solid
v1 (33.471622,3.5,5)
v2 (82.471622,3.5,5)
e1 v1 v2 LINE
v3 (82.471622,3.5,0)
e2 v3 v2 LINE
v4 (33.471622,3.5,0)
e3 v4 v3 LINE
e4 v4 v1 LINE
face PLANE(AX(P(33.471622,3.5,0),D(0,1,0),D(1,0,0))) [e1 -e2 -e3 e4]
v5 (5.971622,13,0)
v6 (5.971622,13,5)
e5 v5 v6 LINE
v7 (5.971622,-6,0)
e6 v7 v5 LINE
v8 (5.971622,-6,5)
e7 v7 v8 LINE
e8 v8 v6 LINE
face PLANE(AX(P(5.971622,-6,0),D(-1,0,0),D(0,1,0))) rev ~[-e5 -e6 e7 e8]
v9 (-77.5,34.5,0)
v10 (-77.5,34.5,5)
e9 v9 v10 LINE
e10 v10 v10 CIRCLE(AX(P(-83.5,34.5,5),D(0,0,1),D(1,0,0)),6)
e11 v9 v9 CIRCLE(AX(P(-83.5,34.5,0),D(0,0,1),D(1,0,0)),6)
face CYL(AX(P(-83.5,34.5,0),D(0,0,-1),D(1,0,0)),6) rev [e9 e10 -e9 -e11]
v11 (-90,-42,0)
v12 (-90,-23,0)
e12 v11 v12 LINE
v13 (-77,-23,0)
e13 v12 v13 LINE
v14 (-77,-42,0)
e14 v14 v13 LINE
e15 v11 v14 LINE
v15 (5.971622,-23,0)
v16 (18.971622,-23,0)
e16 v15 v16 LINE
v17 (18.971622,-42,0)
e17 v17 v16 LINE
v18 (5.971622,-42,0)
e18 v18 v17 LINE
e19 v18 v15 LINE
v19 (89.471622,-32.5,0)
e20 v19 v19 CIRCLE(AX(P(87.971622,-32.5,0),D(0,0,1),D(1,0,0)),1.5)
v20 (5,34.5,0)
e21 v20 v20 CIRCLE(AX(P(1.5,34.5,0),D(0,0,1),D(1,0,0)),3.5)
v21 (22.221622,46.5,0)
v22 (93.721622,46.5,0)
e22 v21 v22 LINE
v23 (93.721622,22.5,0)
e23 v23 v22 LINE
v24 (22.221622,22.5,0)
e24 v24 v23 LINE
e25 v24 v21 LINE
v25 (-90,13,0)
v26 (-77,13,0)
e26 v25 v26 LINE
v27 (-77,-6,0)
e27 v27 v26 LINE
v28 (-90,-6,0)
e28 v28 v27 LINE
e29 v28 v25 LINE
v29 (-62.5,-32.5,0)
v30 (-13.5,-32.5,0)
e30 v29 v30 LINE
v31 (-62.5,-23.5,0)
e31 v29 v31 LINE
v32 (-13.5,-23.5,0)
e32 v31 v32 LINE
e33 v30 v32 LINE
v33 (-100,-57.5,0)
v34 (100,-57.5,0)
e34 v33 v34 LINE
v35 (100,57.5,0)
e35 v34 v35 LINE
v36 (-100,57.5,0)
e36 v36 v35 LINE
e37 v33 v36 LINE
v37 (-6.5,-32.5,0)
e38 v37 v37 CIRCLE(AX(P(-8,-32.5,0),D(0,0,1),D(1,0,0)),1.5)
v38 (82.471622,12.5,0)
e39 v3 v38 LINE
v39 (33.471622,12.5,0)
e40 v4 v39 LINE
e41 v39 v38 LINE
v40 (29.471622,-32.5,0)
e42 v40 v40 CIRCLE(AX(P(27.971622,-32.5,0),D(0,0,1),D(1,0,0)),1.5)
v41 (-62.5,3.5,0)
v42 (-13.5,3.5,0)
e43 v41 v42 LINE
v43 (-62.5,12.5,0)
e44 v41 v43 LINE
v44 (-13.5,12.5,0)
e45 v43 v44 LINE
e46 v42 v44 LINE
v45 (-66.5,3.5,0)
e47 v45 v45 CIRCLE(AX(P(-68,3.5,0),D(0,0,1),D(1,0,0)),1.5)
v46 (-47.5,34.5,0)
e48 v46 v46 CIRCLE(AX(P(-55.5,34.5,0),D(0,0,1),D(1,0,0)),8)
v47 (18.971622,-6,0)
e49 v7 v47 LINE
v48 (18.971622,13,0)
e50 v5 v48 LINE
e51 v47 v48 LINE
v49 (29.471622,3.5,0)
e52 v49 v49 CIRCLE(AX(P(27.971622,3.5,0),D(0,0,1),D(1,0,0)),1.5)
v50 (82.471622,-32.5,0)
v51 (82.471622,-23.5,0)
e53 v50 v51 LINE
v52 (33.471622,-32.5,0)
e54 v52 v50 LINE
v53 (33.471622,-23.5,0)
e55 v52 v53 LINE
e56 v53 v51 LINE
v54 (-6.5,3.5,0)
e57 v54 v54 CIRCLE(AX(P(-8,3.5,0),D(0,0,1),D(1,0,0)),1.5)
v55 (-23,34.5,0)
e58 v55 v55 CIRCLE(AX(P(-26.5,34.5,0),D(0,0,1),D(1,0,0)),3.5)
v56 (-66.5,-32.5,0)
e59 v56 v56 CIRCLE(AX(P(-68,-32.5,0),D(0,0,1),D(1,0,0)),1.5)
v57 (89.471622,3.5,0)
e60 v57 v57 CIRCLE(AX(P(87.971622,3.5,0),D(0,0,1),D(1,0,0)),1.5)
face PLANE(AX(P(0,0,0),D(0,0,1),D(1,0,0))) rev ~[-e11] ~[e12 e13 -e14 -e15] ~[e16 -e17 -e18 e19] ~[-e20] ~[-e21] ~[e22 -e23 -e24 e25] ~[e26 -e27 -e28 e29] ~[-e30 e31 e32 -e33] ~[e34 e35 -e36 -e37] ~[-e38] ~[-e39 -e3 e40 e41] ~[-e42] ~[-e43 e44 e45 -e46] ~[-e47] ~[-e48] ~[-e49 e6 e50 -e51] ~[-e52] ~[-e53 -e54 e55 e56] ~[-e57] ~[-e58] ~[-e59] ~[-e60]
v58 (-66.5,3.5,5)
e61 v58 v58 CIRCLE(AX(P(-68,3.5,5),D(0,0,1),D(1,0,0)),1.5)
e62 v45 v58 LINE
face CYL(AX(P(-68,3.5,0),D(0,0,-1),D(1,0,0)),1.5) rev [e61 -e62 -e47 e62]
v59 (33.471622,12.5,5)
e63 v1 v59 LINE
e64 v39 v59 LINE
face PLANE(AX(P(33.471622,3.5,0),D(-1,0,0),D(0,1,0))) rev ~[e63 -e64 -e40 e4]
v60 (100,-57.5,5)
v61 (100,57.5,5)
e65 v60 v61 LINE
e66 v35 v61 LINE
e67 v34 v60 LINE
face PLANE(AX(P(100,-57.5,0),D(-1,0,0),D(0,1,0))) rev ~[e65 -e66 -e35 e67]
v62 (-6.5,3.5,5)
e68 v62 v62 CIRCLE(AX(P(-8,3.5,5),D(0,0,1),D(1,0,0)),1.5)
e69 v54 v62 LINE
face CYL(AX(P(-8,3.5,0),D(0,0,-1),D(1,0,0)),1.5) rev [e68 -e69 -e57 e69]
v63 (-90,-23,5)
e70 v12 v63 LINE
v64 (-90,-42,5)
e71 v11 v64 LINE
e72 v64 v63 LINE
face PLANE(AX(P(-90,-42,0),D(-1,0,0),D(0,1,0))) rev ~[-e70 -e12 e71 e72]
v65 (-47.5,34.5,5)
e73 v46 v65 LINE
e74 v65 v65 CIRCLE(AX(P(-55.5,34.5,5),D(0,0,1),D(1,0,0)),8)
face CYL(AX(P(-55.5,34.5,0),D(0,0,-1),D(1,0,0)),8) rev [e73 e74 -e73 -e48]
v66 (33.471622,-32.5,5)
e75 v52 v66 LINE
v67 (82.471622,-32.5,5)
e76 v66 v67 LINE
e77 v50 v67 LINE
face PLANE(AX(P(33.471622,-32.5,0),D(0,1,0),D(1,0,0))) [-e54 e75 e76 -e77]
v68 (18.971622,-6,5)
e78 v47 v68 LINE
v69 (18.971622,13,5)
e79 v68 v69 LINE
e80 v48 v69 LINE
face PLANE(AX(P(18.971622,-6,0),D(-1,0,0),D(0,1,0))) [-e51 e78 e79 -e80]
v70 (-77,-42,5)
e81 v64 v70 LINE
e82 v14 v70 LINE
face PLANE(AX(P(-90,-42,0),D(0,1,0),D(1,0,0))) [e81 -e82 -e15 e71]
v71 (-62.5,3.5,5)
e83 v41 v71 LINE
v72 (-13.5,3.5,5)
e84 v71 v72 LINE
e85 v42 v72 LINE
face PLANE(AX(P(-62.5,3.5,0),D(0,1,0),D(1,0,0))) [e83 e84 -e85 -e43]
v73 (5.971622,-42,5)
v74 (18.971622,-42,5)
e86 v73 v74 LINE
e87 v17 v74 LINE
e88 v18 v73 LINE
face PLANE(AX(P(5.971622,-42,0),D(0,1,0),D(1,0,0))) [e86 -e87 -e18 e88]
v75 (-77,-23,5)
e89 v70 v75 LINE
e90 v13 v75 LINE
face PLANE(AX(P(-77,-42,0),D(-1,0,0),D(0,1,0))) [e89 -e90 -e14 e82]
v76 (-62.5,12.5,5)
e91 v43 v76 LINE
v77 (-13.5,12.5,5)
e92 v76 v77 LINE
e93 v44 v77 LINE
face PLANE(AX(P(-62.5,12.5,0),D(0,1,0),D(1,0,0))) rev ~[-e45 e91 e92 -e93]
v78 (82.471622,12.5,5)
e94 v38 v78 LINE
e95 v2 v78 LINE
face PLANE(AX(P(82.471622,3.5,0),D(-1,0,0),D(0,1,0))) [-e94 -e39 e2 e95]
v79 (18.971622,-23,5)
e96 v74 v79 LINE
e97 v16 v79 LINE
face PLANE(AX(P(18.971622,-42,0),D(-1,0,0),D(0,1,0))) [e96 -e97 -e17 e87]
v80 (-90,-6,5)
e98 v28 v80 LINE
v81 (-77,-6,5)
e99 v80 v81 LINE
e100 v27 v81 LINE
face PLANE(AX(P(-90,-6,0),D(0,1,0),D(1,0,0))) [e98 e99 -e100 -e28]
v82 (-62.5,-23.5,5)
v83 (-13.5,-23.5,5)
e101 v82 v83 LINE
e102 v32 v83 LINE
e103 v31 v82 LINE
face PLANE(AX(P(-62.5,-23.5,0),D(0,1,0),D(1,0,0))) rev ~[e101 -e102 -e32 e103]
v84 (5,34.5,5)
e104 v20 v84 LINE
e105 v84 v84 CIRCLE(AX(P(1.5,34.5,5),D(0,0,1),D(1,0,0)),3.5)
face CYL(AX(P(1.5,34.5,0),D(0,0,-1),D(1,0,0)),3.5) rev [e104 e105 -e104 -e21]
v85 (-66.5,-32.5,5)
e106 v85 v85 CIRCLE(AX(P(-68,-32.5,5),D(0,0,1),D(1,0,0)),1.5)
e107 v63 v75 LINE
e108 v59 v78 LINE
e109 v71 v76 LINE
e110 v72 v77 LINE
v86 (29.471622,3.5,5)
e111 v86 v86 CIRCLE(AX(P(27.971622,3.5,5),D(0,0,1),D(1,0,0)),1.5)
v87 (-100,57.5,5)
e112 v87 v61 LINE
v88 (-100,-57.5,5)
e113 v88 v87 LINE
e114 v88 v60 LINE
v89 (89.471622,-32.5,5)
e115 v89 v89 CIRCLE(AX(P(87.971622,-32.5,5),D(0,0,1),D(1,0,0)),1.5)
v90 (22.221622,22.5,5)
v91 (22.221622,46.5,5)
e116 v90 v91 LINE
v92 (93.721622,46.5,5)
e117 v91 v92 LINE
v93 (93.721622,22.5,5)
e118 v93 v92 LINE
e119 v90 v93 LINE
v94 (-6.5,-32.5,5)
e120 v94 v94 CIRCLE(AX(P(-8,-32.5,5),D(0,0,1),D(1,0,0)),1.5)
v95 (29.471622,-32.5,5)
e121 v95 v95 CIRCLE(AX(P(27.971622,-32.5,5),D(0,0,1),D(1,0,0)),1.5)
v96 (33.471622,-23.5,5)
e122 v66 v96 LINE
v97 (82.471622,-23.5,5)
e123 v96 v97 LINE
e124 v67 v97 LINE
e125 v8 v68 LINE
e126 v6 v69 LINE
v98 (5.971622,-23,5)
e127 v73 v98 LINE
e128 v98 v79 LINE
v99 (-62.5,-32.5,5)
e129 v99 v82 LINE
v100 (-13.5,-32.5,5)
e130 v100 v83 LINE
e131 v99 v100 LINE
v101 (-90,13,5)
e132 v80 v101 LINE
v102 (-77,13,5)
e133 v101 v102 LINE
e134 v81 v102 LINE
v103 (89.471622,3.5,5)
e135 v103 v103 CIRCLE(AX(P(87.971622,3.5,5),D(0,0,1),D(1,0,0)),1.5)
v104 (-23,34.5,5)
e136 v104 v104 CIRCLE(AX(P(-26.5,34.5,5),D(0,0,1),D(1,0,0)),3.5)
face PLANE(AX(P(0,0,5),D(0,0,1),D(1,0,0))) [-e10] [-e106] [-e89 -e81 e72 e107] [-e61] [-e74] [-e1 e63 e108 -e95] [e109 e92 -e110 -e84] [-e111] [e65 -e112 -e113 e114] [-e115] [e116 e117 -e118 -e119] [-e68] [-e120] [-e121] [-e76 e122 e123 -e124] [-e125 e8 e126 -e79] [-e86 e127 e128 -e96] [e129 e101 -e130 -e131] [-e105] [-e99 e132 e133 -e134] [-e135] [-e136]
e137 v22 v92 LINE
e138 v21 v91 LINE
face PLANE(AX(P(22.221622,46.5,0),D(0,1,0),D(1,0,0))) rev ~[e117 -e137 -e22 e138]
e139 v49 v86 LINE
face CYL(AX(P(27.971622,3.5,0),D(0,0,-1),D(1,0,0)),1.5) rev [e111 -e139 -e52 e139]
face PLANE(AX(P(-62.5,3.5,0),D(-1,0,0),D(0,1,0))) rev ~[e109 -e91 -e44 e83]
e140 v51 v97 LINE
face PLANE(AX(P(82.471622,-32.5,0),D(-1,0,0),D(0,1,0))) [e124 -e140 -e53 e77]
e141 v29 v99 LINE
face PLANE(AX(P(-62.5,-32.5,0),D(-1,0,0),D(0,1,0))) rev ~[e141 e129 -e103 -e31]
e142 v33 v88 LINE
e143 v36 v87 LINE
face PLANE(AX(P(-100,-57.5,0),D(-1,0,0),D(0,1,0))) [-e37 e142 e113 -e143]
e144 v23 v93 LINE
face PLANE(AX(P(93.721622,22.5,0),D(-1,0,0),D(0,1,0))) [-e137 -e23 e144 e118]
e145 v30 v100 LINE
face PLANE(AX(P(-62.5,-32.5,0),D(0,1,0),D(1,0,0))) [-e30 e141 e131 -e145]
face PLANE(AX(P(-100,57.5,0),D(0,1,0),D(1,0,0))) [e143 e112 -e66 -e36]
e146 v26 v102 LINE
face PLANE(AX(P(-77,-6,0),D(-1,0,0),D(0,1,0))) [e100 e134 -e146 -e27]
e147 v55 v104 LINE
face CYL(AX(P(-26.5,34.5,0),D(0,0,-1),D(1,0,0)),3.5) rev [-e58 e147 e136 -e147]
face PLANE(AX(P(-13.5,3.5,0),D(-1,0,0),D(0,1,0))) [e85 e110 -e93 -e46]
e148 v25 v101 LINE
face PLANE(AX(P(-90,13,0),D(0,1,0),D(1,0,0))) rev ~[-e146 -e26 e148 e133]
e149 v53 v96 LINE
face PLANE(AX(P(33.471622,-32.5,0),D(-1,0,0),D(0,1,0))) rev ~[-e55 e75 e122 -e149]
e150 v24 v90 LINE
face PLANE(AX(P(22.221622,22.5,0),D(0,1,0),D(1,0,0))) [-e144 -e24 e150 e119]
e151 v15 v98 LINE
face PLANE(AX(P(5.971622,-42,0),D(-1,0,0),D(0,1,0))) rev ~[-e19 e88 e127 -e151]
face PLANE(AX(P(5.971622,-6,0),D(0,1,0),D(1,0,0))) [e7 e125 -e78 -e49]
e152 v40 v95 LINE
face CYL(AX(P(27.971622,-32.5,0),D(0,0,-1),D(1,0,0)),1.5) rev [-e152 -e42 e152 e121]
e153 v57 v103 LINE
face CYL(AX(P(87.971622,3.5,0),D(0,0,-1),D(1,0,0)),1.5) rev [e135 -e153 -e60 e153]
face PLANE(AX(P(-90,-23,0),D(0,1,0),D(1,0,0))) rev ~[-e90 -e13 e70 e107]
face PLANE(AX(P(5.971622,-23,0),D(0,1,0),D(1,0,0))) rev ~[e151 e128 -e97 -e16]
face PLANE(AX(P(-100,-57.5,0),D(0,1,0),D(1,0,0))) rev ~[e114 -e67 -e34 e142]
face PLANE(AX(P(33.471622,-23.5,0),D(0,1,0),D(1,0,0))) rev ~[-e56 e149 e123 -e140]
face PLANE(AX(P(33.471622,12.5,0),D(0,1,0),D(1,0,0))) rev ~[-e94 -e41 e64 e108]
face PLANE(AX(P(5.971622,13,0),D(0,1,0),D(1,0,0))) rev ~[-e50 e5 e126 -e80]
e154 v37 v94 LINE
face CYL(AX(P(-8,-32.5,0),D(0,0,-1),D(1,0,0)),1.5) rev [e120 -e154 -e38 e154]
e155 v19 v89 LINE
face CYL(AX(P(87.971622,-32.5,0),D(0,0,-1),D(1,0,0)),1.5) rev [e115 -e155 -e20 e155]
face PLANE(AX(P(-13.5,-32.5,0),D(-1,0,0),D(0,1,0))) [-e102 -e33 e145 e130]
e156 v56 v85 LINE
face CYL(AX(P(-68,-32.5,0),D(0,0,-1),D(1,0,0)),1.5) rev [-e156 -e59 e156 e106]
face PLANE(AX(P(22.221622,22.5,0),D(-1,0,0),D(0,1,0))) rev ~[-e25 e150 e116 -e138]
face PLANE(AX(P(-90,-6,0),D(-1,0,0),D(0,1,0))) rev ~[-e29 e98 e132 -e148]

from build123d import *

# Parameters (mm, degrees)
SKETCH1_W           = 200
SKETCH1_H           = 115
SKETCH1_R           = 1.5
SKETCH1_R_2         = 6
SKETCH1_R_3         = 8
SKETCH1_R_4         = 3.5
SKETCH1_W_2         = 49
SKETCH1_H_2         = 9
SKETCH1_W_3         = 13
SKETCH1_H_3         = 19
SKETCH1_W_4         = 71.5
SKETCH1_H_4         = 24
BOSS_EXTRUDE1_DEPTH = 5


with BuildPart() as part:
    # Sketch1 → Boss-Extrude1 (new body)
    with BuildSketch(Plane.XY):
        Rectangle(SKETCH1_W, SKETCH1_H)
        with Locations((-68, -32.5)):
            Circle(SKETCH1_R, mode=Mode.SUBTRACT)
        with Locations((-8, -32.5)):
            Circle(SKETCH1_R, mode=Mode.SUBTRACT)
        with Locations((87.971622358, -32.5)):
            Circle(SKETCH1_R, mode=Mode.SUBTRACT)
        with Locations((27.971622358, -32.5)):
            Circle(SKETCH1_R, mode=Mode.SUBTRACT)
        with Locations((87.971622358, 3.5)):
            Circle(SKETCH1_R, mode=Mode.SUBTRACT)
        with Locations((27.971622358, 3.5)):
            Circle(SKETCH1_R, mode=Mode.SUBTRACT)
        with Locations((-8, 3.5)):
            Circle(SKETCH1_R, mode=Mode.SUBTRACT)
        with Locations((-68, 3.5)):
            Circle(SKETCH1_R, mode=Mode.SUBTRACT)
        with Locations((-83.5, 34.5)):
            Circle(SKETCH1_R_2, mode=Mode.SUBTRACT)
        with Locations((-55.5, 34.5)):
            Circle(SKETCH1_R_3, mode=Mode.SUBTRACT)
        with Locations((1.5, 34.5)):
            Circle(SKETCH1_R_4, mode=Mode.SUBTRACT)
        with Locations((-26.5, 34.5)):
            Circle(SKETCH1_R_4, mode=Mode.SUBTRACT)
        with Locations((-38, -28)):
            Rectangle(SKETCH1_W_2, SKETCH1_H_2, mode=Mode.SUBTRACT)
        with Locations((-83.5, -32.5)):
            Rectangle(SKETCH1_W_3, SKETCH1_H_3, mode=Mode.SUBTRACT)
        with Locations((57.971622358, -28)):
            Rectangle(SKETCH1_W_2, SKETCH1_H_2, mode=Mode.SUBTRACT)
        with Locations((12.471622358, -32.5)):
            Rectangle(SKETCH1_W_3, SKETCH1_H_3, mode=Mode.SUBTRACT)
        with Locations((57.971622358, 8)):
            Rectangle(SKETCH1_W_2, SKETCH1_H_2, mode=Mode.SUBTRACT)
        with Locations((12.471622358, 3.5)):
            Rectangle(SKETCH1_W_3, SKETCH1_H_3, mode=Mode.SUBTRACT)
        with Locations((-38, 8)):
            Rectangle(SKETCH1_W_2, SKETCH1_H_2, mode=Mode.SUBTRACT)
        with Locations((-83.5, 3.5)):
            Rectangle(SKETCH1_W_3, SKETCH1_H_3, mode=Mode.SUBTRACT)
        with Locations((57.971622358, 34.5)):
            Rectangle(SKETCH1_W_4, SKETCH1_H_4, mode=Mode.SUBTRACT)
    extrude(amount=BOSS_EXTRUDE1_DEPTH)


solid = part.part
